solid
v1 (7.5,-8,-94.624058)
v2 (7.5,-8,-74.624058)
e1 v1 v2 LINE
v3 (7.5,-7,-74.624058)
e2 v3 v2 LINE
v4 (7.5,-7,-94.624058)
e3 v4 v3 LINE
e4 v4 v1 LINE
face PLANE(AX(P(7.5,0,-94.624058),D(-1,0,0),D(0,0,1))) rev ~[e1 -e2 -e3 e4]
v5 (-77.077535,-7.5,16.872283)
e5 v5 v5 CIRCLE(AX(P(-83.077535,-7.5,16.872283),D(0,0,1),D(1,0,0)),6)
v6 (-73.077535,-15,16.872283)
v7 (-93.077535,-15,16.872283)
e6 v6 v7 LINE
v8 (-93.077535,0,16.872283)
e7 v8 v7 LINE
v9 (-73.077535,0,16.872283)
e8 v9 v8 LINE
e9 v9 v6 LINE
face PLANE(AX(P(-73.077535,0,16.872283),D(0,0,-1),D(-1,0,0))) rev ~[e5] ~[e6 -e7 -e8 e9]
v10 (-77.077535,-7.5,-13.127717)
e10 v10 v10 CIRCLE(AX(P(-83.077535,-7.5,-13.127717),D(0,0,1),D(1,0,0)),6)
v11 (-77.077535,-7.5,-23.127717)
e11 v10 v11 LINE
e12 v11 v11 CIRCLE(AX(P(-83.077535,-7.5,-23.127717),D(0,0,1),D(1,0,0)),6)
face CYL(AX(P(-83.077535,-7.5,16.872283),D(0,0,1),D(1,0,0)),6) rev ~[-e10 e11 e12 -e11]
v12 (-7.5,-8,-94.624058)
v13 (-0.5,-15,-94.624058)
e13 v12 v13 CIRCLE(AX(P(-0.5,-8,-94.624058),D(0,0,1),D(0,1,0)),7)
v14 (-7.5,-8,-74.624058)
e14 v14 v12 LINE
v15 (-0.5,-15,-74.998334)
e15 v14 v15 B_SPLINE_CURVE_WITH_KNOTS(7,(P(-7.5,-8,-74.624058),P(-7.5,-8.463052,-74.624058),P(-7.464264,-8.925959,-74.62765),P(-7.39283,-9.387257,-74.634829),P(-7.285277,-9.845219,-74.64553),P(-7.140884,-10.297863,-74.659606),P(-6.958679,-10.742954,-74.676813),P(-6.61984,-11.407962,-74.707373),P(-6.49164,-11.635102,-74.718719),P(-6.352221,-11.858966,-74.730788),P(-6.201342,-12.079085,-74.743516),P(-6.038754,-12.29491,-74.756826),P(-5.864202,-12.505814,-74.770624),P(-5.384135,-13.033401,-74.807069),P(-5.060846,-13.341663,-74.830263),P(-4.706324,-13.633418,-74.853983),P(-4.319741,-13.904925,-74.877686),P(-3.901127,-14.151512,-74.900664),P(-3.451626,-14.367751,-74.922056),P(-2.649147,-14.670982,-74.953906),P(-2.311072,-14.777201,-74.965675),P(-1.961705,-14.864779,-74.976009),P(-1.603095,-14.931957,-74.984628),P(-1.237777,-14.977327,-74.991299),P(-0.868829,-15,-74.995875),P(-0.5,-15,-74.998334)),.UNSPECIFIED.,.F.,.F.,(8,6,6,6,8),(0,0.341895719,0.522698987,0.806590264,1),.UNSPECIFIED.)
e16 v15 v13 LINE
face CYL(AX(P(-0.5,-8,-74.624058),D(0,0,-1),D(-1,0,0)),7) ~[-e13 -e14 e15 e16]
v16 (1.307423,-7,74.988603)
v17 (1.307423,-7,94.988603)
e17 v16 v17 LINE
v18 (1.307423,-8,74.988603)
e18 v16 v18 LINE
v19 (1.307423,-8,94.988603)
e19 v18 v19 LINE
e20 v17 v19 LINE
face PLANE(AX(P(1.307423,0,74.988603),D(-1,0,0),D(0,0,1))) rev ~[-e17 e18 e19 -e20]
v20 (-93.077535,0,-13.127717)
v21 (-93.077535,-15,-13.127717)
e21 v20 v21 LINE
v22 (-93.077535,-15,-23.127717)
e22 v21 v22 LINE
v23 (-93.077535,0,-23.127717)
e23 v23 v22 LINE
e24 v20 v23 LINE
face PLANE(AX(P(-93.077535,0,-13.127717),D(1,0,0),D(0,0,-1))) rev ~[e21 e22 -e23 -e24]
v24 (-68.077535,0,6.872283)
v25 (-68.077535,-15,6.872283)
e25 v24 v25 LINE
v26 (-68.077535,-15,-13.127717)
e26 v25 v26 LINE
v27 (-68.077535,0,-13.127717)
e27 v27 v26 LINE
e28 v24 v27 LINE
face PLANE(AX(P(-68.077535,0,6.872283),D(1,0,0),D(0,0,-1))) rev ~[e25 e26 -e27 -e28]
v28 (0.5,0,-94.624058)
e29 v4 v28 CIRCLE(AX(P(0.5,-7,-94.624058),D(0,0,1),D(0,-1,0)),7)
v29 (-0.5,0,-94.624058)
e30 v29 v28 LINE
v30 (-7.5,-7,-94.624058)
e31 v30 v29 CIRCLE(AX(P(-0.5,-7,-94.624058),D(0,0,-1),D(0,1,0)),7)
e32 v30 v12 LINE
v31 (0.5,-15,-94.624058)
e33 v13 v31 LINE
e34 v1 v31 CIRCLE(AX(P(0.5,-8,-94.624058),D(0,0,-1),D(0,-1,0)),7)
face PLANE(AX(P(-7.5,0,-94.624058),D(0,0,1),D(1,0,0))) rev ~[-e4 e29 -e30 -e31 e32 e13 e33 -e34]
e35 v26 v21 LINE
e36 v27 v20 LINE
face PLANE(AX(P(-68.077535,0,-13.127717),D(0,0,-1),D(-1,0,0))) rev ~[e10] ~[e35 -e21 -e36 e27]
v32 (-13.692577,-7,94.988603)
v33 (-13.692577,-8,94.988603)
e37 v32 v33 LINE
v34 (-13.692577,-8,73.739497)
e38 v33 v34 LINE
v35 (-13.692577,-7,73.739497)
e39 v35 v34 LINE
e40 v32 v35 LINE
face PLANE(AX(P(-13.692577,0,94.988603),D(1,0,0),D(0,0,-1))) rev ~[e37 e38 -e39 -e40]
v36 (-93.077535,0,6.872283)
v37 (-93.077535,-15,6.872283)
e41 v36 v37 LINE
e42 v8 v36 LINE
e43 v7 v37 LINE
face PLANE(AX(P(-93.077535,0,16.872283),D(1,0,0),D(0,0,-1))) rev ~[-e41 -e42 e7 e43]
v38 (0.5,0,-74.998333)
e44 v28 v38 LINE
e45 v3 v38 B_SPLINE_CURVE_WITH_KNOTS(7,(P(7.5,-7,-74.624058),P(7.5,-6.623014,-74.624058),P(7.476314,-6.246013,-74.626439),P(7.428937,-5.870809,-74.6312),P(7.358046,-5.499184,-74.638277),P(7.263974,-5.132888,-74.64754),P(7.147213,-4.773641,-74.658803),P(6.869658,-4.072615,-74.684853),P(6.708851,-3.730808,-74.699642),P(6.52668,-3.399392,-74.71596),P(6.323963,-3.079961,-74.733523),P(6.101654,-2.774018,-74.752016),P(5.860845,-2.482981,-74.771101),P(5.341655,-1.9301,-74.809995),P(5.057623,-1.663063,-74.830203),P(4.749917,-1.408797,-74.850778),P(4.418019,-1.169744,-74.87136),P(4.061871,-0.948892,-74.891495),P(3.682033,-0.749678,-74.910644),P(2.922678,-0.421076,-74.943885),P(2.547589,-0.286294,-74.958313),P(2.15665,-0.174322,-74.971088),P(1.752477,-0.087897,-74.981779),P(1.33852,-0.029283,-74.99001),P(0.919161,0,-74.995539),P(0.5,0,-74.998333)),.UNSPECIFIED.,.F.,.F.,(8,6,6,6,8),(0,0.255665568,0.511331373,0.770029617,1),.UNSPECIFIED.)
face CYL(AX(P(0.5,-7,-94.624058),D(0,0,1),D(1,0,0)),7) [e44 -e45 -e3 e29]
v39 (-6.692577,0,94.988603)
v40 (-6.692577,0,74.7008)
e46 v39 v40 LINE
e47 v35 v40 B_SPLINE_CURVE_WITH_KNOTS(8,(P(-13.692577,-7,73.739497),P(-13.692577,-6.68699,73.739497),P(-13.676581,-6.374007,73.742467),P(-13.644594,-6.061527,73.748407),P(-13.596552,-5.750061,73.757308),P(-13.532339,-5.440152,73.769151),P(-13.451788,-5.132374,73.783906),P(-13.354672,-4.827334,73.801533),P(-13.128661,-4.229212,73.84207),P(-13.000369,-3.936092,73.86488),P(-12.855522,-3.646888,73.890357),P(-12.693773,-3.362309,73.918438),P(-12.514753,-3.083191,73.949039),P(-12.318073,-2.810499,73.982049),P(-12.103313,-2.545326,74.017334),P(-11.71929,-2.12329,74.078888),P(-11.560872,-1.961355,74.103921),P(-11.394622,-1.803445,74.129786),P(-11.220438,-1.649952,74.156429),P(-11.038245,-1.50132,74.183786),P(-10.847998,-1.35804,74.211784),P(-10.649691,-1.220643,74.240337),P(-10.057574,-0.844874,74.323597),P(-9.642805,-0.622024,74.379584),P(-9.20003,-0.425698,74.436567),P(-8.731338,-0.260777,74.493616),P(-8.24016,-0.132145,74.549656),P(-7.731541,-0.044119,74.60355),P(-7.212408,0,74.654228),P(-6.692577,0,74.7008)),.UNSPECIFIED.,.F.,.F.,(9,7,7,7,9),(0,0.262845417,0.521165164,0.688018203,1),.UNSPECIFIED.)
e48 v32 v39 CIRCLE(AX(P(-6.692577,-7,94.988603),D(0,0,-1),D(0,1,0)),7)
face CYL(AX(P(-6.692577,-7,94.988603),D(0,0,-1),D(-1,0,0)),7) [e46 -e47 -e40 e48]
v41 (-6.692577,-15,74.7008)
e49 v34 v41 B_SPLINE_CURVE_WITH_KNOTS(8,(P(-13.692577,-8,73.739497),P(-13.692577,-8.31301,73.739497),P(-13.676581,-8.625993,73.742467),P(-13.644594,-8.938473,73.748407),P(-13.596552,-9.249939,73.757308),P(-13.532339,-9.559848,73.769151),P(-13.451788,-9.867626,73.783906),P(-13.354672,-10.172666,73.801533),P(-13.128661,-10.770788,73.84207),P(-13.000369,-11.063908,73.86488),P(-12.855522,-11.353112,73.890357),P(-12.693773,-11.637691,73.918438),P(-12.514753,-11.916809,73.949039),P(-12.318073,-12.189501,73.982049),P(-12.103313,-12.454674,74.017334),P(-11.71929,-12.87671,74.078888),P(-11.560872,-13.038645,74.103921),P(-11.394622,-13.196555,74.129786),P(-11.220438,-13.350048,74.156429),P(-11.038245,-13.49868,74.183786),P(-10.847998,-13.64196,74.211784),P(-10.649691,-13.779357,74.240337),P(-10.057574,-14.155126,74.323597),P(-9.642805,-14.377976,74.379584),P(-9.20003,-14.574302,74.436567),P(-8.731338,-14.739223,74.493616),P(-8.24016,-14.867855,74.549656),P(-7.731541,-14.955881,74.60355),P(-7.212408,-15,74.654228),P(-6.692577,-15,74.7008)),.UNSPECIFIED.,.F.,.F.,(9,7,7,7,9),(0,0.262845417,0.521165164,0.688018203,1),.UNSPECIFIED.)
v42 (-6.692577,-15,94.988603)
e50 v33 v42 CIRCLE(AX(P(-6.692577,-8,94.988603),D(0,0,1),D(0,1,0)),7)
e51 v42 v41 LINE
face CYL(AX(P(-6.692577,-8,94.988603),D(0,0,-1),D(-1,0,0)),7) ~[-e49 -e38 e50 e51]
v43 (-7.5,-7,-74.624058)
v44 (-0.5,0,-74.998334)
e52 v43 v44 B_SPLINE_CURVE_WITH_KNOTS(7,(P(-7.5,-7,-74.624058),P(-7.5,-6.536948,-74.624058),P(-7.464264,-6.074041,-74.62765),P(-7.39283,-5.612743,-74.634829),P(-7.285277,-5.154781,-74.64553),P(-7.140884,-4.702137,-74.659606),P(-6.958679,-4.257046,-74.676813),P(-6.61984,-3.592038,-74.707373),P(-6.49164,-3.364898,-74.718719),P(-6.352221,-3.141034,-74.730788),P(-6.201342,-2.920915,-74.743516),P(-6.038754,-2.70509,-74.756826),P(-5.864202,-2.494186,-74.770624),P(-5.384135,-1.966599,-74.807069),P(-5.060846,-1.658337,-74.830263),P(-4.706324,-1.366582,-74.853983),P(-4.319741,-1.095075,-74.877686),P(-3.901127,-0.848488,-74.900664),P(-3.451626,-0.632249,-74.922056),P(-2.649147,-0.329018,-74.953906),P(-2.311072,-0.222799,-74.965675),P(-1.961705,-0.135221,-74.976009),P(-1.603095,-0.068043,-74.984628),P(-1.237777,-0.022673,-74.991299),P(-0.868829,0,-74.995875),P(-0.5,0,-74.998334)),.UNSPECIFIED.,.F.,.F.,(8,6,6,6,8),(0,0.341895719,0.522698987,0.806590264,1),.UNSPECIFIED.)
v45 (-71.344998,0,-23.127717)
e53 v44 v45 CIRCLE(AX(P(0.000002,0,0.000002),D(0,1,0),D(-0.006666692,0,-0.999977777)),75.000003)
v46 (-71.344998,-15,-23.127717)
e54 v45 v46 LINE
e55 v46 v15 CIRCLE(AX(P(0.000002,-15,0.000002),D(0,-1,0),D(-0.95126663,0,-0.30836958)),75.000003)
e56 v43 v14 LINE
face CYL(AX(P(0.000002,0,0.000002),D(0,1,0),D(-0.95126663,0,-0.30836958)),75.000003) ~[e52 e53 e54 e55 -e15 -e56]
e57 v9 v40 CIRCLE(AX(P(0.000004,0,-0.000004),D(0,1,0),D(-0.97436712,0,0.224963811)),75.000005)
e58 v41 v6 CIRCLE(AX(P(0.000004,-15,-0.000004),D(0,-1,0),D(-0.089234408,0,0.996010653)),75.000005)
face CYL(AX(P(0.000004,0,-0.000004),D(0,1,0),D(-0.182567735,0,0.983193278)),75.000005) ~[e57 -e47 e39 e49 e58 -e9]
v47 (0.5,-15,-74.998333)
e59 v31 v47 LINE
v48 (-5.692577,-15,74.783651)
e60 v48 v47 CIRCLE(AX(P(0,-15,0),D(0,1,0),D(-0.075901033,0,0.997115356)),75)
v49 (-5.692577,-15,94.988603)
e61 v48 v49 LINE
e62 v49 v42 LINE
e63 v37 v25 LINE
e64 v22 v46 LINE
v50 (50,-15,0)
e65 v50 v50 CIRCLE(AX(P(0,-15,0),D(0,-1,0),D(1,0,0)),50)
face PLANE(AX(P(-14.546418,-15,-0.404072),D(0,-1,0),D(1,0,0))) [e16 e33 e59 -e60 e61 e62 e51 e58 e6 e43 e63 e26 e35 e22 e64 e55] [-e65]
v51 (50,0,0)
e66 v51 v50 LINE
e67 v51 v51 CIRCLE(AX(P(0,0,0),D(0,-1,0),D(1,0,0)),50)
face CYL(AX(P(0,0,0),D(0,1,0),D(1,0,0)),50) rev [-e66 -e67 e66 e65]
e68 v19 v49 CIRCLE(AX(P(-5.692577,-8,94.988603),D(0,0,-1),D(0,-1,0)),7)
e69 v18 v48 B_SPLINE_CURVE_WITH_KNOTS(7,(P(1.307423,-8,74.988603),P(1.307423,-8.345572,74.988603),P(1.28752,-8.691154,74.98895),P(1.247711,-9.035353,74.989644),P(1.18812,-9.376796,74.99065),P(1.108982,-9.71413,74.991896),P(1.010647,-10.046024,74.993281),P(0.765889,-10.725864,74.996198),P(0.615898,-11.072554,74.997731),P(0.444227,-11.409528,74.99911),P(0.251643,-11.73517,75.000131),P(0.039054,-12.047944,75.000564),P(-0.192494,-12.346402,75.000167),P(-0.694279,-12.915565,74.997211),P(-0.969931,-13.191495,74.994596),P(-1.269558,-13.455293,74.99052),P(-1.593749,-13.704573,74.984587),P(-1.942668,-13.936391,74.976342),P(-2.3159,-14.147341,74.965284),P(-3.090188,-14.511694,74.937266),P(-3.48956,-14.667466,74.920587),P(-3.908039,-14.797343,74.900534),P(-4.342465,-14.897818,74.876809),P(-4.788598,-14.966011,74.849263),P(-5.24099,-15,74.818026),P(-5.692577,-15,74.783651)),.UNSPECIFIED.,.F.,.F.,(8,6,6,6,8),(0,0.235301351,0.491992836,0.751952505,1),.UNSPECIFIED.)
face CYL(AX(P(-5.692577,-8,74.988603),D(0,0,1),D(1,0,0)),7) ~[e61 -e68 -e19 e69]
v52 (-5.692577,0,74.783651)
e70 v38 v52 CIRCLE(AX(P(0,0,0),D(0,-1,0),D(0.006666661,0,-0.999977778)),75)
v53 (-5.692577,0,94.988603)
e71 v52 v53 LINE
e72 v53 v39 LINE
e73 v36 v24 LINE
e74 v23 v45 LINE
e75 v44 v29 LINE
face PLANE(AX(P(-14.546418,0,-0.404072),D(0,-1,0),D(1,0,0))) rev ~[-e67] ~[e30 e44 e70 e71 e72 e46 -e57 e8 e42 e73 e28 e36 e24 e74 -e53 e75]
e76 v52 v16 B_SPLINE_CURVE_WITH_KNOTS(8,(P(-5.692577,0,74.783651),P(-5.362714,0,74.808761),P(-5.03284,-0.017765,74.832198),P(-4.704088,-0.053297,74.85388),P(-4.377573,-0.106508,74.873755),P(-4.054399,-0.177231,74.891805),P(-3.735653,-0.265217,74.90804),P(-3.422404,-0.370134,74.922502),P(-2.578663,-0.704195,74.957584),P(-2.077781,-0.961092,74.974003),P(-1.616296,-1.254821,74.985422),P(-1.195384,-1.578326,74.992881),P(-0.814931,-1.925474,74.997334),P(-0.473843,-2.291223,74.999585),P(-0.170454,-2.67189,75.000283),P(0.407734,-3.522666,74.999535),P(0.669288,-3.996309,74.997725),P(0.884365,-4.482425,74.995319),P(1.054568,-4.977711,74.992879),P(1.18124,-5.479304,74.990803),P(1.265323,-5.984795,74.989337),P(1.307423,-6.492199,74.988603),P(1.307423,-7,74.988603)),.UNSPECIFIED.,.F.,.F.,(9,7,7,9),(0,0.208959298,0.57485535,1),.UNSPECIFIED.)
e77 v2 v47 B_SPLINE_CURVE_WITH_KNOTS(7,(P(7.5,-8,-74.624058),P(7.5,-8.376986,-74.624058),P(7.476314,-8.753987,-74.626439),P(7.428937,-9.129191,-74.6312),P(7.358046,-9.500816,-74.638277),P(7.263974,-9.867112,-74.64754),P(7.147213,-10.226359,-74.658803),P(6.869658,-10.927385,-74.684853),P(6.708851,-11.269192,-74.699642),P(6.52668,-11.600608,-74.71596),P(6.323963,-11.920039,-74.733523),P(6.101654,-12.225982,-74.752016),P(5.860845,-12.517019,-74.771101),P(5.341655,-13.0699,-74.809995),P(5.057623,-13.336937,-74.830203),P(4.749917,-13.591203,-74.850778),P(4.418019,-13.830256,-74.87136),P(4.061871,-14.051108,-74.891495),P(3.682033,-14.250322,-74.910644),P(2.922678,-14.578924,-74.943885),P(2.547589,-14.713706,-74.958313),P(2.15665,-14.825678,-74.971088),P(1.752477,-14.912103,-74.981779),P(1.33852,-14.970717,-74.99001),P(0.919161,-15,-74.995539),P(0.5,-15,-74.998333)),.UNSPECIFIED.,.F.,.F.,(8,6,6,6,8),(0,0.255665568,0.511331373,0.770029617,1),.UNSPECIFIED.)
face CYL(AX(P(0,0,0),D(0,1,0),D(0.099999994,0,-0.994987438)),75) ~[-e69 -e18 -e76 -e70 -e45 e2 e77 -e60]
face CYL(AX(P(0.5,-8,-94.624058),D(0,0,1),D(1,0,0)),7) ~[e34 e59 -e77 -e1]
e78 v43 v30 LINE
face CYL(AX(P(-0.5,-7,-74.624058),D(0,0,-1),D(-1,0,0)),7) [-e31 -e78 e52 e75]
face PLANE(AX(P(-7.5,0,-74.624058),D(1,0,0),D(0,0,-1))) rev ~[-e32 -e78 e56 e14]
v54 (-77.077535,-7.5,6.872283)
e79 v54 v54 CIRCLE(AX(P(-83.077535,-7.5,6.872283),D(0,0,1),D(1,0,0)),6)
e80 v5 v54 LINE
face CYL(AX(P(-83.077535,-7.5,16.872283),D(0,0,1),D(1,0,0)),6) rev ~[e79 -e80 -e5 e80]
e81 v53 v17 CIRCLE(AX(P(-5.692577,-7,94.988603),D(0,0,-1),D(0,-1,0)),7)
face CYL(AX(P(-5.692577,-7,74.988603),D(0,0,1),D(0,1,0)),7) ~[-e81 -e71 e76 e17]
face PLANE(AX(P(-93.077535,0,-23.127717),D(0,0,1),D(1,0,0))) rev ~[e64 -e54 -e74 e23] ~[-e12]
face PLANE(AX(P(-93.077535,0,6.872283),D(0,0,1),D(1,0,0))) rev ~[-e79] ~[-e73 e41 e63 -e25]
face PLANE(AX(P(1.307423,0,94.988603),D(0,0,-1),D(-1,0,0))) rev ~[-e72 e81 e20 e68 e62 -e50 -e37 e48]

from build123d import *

# Parameters (mm, degrees)
F0_R     = 50
F1_DEPTH = 15
F2_R     = 7
F3_R     = 7
F5_DEPTH = 42.6


with BuildPart() as f1:
    # F0 (on Front) → F1 (new body)
    with BuildSketch(Plane.XZ):
        with BuildLine():
            Line((-13.692577, 94.988603), (-13.692577, 73.739497))
            ThreePointArc((-13.692577, 73.739497), (-51.872276, 54.168874), (-73.077535, 16.872283))
            Line((-73.077535, 16.872283), (-93.077535, 16.872283))
            Line((-93.077535, 16.872283), (-93.077535, 6.872283))
            Line((-93.077535, 6.872283), (-68.077535, 6.872283))
            Line((-68.077535, 6.872283), (-68.077535, -13.127717))
            Line((-68.077535, -13.127717), (-93.077535, -13.127717))
            Line((-93.077535, -13.127717), (-93.077535, -23.127717))
            Line((-93.077535, -23.127717), (-71.344998, -23.127717))
            ThreePointArc((-71.344998, -23.127717), (-47.086109, -58.377207), (-7.5, -74.624058))
            Line((-7.5, -74.624058), (-7.5, -94.624058))
            Line((-7.5, -94.624058), (0, -94.624058))
            Line((0, -94.624058), (7.5, -94.624058))
            Line((7.5, -94.624058), (7.5, -74.624058))
            ThreePointArc((7.5, -74.624058), (74.935838, 3.101649), (1.307423, 74.988603))
            Line((1.307423, 74.988603), (1.307423, 94.988603))
            Line((1.307423, 94.988603), (-6.192577, 94.988603))
            Line((-6.192577, 94.988603), (-13.692577, 94.988603))
        make_face()
        Circle(F0_R, mode=Mode.SUBTRACT)
    extrude(amount=F1_DEPTH)

    # F2
    f2_edges = [f1.edges().sort_by_distance(p)[0] for p in [
        (-7.5, -15, -84.624058),
        (7.5, -15, -84.624058),
        (7.5, 0, -84.624058),
        (-7.5, 0, -84.624058),
    ]]
    fillet(f2_edges, radius=F2_R)

    # F3
    f3_edges = [f1.edges().sort_by_distance(p)[0] for p in [
        (1.307423, -15, 84.988603),
        (1.307423, 0, 84.988603),
        (-13.692577, -15, 84.36405),
        (-13.692577, 0, 84.36405),
    ]]
    fillet(f3_edges, radius=F3_R)

    # F4 (on face) → F5 (cut)
    with BuildSketch(Plane.XY.offset(16.872283)):
        with BuildLine():
            ThreePointArc((-89.077535, -7.5), (-83.077535, -13.5), (-77.077535, -7.5))
            ThreePointArc((-77.077535, -7.5), (-83.077535, -1.5), (-89.077535, -7.5))
        make_face()
    extrude(amount=-F5_DEPTH, mode=Mode.SUBTRACT)


solid = f1.part
